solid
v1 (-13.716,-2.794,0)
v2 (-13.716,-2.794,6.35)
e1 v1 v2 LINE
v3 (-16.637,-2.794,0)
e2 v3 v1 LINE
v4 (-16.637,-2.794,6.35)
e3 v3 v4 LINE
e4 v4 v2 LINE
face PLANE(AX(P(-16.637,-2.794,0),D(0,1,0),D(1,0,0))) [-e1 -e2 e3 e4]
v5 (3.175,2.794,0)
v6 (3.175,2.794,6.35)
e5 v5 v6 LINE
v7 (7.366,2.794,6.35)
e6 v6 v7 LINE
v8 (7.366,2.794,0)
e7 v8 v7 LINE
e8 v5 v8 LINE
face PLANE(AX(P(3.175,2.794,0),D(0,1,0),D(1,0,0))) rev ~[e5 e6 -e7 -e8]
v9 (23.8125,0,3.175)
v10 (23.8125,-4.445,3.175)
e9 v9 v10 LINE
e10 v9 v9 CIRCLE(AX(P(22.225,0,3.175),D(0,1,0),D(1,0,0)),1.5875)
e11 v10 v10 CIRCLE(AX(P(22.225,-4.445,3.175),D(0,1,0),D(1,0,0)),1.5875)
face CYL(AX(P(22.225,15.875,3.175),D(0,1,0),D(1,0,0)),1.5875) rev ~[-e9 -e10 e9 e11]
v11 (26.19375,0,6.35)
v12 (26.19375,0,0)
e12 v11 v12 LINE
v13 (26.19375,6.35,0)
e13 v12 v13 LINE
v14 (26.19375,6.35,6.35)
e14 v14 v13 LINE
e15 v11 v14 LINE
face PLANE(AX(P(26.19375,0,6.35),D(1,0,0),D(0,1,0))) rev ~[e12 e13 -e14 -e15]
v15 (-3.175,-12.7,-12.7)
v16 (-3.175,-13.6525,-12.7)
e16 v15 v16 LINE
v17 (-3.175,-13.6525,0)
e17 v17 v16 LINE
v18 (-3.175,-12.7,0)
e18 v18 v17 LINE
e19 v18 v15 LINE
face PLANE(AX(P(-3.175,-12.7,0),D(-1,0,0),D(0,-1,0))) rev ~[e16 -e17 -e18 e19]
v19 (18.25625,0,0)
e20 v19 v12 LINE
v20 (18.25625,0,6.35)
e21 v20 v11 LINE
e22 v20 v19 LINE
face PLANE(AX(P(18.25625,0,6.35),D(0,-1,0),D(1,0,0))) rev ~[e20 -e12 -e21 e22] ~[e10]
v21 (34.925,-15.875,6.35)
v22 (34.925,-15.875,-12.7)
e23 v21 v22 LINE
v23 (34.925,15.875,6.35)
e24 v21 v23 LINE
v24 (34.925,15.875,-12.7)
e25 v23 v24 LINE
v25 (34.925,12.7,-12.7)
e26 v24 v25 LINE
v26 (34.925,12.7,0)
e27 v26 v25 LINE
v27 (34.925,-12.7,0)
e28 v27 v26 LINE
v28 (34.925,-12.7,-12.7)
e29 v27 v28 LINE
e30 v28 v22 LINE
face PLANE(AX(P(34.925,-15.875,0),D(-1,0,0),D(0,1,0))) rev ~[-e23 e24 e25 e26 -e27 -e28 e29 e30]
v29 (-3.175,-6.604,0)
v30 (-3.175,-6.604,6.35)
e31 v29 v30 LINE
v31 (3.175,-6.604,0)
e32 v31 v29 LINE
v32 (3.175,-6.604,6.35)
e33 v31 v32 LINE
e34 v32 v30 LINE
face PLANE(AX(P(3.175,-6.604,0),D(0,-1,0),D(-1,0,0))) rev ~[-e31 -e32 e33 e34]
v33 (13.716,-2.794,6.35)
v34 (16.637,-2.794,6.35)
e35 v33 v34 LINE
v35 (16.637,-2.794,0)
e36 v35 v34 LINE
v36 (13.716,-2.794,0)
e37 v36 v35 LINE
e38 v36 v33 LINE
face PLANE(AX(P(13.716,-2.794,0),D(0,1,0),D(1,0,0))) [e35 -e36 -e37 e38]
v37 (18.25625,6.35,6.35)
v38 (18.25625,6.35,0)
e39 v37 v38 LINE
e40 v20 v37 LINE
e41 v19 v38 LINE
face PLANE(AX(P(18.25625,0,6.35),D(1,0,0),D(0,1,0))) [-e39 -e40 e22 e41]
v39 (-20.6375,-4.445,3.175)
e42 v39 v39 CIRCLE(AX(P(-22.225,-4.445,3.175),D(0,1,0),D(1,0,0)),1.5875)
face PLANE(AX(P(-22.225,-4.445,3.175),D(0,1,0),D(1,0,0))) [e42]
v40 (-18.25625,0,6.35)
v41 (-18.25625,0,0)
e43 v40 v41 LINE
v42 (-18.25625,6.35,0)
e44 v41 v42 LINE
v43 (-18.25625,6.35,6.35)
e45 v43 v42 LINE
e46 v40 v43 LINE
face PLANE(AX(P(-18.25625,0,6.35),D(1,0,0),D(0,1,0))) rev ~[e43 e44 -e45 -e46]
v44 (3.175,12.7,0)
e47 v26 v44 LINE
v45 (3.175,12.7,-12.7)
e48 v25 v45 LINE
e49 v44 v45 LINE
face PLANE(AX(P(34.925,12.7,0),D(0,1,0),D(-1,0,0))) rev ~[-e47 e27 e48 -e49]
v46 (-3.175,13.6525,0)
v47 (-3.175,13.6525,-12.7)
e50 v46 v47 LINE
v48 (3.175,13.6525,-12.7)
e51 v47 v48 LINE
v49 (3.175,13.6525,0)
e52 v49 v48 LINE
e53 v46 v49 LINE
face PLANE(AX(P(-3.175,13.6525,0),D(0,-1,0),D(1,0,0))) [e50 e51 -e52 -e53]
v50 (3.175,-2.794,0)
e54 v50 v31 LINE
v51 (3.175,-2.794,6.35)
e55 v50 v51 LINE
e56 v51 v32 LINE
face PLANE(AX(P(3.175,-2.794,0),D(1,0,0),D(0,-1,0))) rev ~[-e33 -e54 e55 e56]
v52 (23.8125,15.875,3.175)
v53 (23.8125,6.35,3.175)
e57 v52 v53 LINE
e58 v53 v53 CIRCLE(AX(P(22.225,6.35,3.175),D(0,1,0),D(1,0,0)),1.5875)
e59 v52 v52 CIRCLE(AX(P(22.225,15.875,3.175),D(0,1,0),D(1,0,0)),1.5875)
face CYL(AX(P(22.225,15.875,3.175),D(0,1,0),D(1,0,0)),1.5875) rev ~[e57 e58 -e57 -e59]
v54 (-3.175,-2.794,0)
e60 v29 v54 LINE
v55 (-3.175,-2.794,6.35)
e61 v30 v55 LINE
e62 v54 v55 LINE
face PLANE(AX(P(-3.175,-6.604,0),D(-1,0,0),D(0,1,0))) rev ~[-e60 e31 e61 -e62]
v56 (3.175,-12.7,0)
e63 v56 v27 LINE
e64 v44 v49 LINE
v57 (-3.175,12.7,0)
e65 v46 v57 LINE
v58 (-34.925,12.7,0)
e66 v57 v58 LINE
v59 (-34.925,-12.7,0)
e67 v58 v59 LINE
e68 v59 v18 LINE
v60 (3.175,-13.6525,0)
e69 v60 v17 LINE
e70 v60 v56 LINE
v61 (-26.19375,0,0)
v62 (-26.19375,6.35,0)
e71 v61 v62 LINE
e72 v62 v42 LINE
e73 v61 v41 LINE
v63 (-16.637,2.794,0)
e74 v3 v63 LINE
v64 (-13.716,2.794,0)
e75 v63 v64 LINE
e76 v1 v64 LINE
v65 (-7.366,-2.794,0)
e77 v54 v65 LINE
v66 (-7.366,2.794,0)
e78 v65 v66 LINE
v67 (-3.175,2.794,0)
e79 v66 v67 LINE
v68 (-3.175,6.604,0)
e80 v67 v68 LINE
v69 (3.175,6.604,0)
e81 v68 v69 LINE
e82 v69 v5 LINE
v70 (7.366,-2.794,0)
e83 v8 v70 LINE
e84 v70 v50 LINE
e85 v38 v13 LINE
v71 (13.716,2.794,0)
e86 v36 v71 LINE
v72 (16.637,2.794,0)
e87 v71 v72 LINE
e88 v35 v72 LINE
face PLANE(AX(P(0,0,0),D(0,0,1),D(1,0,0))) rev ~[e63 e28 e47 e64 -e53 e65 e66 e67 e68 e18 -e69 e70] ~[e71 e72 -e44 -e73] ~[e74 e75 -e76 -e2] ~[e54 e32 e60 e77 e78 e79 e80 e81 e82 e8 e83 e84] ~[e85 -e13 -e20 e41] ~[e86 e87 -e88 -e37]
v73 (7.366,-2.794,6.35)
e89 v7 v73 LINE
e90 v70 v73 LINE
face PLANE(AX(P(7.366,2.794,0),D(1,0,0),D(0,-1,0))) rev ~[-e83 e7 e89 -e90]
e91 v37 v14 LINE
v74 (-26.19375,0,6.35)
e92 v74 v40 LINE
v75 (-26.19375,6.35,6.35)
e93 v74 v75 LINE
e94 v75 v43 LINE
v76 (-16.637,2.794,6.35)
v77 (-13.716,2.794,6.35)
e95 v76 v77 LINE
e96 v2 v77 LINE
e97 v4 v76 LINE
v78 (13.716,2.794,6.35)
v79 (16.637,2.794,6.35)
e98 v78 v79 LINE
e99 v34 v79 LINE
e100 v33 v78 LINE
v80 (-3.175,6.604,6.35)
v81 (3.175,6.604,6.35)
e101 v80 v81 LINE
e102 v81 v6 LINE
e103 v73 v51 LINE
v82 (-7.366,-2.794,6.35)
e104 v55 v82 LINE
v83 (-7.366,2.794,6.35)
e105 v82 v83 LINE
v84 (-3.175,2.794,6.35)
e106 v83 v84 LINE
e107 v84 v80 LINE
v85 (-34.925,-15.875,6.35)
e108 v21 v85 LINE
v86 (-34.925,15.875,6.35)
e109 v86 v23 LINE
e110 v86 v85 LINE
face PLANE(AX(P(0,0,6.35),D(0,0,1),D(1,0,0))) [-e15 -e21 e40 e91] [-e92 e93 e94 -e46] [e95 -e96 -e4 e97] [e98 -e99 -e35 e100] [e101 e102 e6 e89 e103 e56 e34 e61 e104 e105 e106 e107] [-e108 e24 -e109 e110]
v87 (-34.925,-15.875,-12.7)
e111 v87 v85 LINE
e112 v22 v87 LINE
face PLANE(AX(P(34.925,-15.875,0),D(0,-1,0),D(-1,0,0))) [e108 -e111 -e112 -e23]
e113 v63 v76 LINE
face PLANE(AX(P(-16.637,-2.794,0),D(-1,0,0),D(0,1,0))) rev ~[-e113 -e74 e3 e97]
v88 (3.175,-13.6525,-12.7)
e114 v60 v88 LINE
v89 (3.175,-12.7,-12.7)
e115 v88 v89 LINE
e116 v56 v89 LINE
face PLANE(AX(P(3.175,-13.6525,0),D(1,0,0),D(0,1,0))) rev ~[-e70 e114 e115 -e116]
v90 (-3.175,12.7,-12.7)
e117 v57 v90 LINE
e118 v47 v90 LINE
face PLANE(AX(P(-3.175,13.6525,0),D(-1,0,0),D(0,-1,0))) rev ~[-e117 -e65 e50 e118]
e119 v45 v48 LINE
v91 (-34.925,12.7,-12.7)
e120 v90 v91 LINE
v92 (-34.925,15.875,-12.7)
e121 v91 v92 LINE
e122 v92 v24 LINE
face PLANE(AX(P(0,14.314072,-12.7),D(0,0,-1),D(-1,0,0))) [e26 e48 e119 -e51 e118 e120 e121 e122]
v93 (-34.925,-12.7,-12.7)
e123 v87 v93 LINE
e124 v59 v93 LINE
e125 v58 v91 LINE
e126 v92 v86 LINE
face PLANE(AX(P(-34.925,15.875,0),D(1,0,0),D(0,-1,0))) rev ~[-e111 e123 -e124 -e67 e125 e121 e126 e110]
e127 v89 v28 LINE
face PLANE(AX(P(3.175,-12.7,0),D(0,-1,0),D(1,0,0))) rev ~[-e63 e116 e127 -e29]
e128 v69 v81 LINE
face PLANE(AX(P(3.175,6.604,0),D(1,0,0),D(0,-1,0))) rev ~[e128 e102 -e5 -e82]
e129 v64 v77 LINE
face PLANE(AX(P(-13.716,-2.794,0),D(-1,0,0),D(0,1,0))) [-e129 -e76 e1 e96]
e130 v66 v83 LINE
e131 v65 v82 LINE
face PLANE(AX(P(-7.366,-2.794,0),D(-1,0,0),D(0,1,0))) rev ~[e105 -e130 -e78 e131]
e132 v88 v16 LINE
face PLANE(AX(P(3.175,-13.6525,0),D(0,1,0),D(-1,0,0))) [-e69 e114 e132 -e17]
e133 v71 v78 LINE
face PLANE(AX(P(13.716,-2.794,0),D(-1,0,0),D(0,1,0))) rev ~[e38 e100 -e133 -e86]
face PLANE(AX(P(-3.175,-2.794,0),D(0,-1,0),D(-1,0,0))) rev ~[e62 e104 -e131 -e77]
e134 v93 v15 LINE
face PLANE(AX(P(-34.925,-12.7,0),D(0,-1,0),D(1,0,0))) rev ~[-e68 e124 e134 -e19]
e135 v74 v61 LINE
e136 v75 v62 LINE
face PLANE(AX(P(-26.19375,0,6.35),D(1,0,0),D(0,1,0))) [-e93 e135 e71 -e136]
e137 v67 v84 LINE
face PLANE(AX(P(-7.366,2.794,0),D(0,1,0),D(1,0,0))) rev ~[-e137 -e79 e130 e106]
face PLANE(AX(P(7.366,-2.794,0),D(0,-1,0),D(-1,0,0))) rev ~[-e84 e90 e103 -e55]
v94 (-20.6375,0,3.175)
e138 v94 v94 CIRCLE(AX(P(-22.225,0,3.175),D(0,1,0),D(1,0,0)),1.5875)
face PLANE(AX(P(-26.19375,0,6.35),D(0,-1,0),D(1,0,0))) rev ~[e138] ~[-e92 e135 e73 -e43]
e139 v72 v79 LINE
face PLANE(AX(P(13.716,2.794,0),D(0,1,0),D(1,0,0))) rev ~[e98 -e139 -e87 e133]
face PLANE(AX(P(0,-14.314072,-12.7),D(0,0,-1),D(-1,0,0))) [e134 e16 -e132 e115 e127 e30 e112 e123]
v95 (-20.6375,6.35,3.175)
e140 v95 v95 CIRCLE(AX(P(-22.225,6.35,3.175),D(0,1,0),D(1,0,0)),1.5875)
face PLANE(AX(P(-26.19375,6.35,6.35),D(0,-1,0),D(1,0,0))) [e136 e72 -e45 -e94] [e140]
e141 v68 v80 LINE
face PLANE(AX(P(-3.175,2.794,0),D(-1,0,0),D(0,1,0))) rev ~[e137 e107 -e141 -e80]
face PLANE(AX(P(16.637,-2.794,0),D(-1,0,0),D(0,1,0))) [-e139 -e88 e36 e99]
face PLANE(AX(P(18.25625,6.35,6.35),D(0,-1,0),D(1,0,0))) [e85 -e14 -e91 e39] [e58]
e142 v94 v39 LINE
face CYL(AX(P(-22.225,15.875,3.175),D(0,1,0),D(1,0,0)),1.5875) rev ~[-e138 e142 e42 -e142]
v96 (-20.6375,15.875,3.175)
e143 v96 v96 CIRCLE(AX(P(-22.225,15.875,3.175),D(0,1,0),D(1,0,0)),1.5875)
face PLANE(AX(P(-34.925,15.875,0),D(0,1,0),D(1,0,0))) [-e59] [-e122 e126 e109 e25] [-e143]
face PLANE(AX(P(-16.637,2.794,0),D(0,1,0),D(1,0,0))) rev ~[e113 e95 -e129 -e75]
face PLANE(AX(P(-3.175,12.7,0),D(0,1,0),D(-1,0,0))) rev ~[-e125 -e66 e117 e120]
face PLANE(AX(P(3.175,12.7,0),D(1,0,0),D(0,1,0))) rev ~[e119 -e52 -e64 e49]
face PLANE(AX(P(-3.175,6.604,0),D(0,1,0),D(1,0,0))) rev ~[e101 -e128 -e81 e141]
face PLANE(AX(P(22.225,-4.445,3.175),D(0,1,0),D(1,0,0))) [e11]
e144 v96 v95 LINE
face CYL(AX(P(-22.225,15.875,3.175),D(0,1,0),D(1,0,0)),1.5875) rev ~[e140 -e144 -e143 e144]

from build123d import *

# Parameters (mm, degrees)
BOSS_EXTRUDE1_DEPTH   = 12.7
BOSS_EXTRUDE1_2_DEPTH = 12.7
SKETCH1_3_W           = 69.85
SKETCH1_3_H           = 31.75
SKETCH1_3_W_2         = 2.921
SKETCH1_3_H_2         = 5.588
BOSS_EXTRUDE2_DEPTH   = 6.35
SKETCH3_R             = 1.5875
CUT_EXTRUDE1_DEPTH    = 20.32
SKETCH4_W             = 7.9375
SKETCH4_H             = 6.35
CUT_EXTRUDE2_DEPTH    = 6.35


with BuildPart() as part:
    # Sketch1 → Boss-Extrude1 (new body)
    with BuildSketch(Plane.XY):
        Polygon((-3.175, -13.6525), (-3.175, -12.7), (-34.925, -12.7), (-34.925, -15.875), (34.925, -15.875), (34.925, -12.7), (3.175, -12.7), (3.175, -13.6525), align=None)
    extrude(amount=-BOSS_EXTRUDE1_DEPTH)



with BuildPart() as body_2:
    # Sketch1 → Boss-Extrude1 2 (new body)
    with BuildSketch(Plane.XY):
        Polygon((-34.925, 15.875), (-34.925, 12.7), (-3.175, 12.7), (-3.175, 13.6525), (3.175, 13.6525), (3.175, 12.7), (34.925, 12.7), (34.925, 15.875), align=None)
    extrude(amount=-BOSS_EXTRUDE1_2_DEPTH)


with BuildPart() as part_1:
    add(part.part)

    add(body_2.part)  # Boss-Extrude2 merges body 2
    # Sketch1<3> → Boss-Extrude2 (add)
    with BuildSketch(Plane.XY):
        Rectangle(SKETCH1_3_W, SKETCH1_3_H)
        with Locations((15.1765, 0)):
            Rectangle(SKETCH1_3_W_2, SKETCH1_3_H_2, mode=Mode.SUBTRACT)
        with Locations((-15.1765, 0)):
            Rectangle(SKETCH1_3_W_2, SKETCH1_3_H_2, mode=Mode.SUBTRACT)
        Polygon((3.175, -6.604), (-3.175, -6.604), (-3.175, -2.794), (-7.366, -2.794), (-7.366, 2.794), (-3.175, 2.794), (-3.175, 6.604), (3.175, 6.604), (3.175, 2.794), (7.366, 2.794), (7.366, -2.794), (3.175, -2.794), align=None, mode=Mode.SUBTRACT)
    extrude(amount=BOSS_EXTRUDE2_DEPTH)

    # Sketch3 → Cut-Extrude1 (cut)
    with BuildSketch(Plane(origin=(0, 15.875, 0), x_dir=(1, 0, 0), z_dir=(0, 1, 0))):
        with Locations((22.225, -3.175)):
            Circle(SKETCH3_R)
        with Locations((-22.225, -3.175)):
            Circle(SKETCH3_R)
    extrude(amount=-CUT_EXTRUDE1_DEPTH, mode=Mode.SUBTRACT)

    # Sketch4 → Cut-Extrude2 (cut)
    with BuildSketch(Plane.XY.offset(6.35)):
        with Locations((-22.225, 3.175)):
            Rectangle(SKETCH4_W, SKETCH4_H)
        with Locations((22.225, 3.175)):
            Rectangle(SKETCH4_W, SKETCH4_H)
    extrude(amount=-CUT_EXTRUDE2_DEPTH, mode=Mode.SUBTRACT)


solid = part_1.part
